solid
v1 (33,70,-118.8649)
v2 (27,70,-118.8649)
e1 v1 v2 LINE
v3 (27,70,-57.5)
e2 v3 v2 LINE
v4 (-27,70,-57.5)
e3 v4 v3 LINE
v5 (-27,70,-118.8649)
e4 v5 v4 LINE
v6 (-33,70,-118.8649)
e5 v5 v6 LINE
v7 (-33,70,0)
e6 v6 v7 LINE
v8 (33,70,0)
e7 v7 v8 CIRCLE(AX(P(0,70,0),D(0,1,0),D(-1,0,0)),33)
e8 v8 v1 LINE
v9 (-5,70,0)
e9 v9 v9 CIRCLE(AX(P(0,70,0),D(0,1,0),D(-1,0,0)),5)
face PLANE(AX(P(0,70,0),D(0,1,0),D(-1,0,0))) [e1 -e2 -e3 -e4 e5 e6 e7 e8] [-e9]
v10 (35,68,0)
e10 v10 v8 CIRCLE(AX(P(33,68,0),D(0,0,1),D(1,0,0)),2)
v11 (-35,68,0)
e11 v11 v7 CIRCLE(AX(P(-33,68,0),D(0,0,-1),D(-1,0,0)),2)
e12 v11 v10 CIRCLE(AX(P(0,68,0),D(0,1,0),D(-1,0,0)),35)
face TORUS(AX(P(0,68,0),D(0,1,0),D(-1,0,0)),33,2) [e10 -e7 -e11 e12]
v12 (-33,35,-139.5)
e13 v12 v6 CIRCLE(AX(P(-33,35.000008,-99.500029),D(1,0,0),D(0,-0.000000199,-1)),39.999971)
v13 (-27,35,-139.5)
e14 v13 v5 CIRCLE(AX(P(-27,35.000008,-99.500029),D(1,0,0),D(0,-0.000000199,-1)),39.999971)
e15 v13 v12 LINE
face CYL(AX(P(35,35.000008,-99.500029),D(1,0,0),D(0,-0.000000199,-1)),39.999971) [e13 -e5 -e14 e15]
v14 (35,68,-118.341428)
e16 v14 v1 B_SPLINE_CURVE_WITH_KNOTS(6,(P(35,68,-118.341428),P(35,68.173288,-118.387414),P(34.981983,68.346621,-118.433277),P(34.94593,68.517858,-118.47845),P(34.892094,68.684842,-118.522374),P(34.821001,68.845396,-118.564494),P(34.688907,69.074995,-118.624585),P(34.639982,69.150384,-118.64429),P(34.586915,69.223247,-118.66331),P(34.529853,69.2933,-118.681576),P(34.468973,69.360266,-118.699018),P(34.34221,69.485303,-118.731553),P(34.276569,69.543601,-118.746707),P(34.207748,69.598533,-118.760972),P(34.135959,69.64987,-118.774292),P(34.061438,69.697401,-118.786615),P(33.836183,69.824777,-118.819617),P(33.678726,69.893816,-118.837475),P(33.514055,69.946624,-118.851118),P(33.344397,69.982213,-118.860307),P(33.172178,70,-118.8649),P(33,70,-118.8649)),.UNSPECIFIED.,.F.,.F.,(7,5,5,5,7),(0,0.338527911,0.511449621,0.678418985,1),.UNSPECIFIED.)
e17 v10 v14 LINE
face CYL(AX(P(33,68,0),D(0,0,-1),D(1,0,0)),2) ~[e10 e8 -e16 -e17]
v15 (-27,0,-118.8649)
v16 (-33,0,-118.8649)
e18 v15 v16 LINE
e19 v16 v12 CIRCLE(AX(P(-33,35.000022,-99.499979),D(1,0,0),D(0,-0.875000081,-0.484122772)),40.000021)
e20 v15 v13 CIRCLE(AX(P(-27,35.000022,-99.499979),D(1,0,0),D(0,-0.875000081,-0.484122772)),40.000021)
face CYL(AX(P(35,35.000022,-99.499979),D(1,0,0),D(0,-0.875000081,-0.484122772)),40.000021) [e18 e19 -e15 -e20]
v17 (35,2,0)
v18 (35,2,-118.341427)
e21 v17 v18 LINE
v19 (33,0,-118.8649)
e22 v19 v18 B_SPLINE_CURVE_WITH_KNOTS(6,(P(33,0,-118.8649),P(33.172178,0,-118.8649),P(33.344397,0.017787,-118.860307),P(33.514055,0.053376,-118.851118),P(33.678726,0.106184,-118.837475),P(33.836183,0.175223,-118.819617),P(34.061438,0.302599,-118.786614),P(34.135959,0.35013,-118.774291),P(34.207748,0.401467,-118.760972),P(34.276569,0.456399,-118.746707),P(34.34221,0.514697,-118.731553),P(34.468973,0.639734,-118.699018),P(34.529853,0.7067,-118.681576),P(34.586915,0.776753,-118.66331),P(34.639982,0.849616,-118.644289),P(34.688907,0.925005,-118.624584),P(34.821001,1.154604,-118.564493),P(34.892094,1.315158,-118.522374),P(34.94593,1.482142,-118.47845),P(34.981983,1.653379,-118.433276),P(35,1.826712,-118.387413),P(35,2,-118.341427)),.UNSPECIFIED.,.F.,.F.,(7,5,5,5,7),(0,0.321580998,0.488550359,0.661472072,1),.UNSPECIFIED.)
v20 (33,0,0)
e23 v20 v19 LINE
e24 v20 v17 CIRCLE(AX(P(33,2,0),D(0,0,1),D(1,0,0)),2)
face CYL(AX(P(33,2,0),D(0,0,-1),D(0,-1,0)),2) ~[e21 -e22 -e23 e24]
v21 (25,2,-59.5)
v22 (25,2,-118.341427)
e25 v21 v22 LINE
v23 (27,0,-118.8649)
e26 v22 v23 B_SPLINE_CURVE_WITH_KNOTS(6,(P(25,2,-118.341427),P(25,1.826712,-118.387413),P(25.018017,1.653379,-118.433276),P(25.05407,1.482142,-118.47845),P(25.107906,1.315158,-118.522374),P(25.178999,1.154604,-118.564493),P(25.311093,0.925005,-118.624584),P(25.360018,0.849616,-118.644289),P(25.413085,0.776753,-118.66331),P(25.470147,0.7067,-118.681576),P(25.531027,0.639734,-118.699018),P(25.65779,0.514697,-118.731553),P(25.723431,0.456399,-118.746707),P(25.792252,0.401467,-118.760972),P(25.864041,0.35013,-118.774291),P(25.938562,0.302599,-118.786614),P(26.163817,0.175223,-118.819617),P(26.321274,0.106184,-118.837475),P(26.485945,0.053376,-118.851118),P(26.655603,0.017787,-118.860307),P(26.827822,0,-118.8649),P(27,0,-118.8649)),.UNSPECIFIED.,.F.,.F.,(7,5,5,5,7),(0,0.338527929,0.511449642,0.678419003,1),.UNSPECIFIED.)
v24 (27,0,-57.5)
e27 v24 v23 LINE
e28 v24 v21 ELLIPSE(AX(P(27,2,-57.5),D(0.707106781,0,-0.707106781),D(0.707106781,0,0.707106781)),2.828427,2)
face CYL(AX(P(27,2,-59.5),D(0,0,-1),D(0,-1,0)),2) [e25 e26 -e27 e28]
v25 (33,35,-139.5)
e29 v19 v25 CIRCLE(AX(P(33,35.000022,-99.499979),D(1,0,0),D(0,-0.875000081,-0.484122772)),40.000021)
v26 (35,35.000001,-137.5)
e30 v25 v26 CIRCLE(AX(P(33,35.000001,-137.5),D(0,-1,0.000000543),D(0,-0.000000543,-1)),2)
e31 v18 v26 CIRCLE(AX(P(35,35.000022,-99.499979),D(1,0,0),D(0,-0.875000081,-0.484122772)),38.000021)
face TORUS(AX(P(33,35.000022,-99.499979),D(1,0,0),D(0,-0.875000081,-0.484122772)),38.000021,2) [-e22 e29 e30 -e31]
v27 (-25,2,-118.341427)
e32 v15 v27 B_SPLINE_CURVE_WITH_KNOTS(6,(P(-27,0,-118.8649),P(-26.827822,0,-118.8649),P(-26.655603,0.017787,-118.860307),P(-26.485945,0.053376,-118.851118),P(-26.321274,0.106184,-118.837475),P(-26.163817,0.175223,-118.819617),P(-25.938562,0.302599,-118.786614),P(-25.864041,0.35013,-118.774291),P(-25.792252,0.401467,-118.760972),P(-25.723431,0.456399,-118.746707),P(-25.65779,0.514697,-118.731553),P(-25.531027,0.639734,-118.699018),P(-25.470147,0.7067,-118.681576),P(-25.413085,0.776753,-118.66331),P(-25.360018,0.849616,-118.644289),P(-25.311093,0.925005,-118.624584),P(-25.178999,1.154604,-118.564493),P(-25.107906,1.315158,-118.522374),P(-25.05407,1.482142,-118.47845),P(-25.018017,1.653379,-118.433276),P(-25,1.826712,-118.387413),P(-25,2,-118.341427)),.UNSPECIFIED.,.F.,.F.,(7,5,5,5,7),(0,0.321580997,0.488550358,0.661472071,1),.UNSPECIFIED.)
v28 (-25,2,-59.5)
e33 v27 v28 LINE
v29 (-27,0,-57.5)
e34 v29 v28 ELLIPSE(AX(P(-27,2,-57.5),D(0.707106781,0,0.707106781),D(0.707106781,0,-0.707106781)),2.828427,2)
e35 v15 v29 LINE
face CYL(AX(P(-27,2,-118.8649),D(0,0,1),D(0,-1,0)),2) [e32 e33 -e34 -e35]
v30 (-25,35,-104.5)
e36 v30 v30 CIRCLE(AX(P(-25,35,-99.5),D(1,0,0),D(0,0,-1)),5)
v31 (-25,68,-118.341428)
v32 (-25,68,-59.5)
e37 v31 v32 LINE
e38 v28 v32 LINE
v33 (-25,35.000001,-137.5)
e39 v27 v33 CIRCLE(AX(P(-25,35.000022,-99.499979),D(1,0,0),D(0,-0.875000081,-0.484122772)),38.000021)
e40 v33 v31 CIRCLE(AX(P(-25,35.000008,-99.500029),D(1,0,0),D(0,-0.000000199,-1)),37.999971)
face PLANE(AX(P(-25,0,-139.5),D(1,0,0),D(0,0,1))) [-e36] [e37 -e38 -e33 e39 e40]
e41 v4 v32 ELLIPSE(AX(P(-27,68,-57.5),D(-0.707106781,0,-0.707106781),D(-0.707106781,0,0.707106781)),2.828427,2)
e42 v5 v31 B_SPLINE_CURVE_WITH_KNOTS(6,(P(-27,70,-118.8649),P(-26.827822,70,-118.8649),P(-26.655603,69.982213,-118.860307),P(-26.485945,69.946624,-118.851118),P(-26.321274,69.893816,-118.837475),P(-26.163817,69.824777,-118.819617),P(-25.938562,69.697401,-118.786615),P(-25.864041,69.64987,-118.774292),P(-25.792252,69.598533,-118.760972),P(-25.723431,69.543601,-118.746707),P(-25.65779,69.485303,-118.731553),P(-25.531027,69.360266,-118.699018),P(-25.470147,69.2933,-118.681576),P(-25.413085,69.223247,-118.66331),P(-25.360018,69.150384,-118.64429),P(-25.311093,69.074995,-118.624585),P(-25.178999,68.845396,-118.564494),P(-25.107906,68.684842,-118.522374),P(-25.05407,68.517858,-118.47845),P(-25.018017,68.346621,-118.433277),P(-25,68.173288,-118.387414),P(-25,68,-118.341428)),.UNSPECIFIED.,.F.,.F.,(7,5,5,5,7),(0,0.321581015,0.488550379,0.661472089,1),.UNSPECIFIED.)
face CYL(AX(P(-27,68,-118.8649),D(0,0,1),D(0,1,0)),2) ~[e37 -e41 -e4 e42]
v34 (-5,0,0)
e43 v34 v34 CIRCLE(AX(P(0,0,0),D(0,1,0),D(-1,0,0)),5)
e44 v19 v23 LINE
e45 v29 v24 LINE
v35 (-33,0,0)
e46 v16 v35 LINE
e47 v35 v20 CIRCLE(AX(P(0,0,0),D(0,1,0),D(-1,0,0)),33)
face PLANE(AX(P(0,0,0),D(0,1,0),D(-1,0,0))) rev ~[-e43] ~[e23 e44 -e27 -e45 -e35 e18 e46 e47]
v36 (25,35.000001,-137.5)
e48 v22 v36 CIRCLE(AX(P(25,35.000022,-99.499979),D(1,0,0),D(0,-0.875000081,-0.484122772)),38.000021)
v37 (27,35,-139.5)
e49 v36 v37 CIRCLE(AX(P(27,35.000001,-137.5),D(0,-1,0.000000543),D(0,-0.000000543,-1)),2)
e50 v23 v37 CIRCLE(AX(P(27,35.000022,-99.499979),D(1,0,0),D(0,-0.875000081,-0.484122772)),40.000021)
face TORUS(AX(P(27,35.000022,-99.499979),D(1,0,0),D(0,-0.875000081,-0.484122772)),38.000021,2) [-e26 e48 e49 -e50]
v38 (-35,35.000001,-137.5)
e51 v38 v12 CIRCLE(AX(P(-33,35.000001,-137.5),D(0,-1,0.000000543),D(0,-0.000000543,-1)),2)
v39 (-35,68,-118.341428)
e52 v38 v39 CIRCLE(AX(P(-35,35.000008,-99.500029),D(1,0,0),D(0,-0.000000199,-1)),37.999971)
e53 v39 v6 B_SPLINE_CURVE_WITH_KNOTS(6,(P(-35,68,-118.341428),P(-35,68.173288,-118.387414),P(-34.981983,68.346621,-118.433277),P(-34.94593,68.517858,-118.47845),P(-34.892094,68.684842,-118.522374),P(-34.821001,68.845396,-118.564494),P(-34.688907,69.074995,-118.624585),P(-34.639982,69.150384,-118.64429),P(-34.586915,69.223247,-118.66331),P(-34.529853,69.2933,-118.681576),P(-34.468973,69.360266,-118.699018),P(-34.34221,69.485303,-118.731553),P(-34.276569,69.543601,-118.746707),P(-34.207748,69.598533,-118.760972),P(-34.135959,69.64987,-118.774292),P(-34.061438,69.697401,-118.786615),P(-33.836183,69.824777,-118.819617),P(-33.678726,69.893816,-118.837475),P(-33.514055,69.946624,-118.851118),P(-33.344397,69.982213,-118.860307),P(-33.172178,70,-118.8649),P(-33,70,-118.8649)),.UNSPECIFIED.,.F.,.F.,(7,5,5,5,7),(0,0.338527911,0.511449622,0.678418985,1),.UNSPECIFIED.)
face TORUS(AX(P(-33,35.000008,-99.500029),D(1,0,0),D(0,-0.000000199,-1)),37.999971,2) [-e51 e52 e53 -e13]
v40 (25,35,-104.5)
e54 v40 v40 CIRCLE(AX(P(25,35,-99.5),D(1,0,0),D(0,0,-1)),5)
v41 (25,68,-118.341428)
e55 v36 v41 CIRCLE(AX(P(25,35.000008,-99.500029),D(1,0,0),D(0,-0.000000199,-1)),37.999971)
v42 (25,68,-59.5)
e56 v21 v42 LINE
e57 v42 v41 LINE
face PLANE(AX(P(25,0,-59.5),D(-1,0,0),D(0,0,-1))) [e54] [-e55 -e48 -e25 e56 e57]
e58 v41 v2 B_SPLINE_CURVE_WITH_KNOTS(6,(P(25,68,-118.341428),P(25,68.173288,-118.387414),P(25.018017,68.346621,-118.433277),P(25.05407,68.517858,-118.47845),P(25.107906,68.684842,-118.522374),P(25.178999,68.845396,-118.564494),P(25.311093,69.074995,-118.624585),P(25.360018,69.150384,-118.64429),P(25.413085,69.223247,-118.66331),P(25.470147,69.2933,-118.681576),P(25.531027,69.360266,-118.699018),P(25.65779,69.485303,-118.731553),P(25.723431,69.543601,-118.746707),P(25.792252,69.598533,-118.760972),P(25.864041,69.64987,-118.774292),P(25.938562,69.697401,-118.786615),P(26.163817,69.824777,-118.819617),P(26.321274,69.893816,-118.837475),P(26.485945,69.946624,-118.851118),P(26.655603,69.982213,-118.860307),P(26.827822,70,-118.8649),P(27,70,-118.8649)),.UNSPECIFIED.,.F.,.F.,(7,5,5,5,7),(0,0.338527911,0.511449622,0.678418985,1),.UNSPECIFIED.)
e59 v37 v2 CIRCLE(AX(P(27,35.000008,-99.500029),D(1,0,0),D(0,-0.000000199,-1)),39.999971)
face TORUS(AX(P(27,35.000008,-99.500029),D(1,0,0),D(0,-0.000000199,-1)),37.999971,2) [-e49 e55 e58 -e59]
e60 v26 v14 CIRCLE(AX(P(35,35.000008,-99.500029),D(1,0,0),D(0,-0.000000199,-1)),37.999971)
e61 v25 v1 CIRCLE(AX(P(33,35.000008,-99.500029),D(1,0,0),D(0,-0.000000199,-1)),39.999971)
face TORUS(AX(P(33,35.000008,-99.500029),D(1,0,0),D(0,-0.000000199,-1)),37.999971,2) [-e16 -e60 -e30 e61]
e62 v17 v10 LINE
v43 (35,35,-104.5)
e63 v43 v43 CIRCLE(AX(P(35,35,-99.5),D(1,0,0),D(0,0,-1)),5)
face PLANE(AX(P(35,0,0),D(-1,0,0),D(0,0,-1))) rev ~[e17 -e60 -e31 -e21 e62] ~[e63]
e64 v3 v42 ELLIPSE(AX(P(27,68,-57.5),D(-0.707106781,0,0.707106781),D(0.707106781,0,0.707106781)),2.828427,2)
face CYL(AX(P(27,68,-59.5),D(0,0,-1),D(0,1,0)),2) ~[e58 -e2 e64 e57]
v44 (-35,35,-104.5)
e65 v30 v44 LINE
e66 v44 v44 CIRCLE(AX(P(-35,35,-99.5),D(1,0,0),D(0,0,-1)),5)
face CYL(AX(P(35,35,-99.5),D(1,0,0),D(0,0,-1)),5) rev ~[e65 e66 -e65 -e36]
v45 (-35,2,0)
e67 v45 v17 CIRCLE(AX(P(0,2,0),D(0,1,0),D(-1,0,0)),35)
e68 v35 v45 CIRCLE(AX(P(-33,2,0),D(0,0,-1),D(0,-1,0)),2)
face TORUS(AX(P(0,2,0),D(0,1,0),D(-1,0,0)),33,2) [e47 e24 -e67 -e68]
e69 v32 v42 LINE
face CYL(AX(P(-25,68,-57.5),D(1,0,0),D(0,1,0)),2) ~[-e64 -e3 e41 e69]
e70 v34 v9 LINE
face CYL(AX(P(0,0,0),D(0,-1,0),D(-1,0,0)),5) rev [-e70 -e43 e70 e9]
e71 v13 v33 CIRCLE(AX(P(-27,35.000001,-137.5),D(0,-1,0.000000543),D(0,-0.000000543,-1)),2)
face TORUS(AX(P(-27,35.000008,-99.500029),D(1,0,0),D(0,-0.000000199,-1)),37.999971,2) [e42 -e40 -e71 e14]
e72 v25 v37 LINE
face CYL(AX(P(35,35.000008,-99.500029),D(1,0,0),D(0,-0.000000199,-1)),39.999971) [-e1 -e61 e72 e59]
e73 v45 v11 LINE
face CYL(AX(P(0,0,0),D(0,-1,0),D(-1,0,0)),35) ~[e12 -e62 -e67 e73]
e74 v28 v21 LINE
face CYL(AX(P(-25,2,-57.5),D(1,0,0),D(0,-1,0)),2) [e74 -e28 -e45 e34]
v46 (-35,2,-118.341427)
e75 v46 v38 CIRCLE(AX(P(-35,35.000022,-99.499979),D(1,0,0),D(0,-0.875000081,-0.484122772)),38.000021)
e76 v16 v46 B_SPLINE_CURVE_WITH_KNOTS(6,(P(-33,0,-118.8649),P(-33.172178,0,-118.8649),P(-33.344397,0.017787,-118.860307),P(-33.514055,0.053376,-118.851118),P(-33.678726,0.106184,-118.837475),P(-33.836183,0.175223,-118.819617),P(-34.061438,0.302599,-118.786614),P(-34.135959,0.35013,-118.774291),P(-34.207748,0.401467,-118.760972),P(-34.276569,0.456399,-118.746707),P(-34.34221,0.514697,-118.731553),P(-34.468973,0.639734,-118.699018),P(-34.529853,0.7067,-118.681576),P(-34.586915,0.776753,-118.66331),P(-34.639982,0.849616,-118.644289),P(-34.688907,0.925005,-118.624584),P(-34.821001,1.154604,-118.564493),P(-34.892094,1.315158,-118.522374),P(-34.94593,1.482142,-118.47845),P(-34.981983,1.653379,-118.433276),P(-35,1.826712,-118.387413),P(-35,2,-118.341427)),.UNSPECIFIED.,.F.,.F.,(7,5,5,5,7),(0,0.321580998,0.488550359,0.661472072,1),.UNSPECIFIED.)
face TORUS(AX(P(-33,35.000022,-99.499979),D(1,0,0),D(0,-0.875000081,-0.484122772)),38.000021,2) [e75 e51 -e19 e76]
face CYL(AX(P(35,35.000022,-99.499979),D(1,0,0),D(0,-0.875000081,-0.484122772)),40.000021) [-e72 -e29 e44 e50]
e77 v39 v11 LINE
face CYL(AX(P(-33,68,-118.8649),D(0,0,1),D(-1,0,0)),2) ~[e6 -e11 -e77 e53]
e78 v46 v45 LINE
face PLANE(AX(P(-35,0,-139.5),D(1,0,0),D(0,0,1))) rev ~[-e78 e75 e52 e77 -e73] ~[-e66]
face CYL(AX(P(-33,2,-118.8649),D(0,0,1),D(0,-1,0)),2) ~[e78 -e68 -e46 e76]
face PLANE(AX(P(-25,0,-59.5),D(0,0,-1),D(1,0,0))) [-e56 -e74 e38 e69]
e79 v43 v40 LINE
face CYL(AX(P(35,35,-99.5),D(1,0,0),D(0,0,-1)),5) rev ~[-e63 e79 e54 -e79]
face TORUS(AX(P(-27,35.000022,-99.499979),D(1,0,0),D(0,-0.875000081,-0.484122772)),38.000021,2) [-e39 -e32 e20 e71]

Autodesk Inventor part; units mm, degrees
ref_plane "YZ Plane" through (0, 0, 0) normal (1, 0, 0) x (0, 1, 0)
ref_plane "XZ Plane" through (0, 0, 0) normal (0, 1, 0) x (-1, 0, 0)
ref_plane "XY Plane" through (0, 0, 0) normal (0, 0, 1) x (1, 0, 0)
sketch "Sketch1" plane through (0, 0, 0) normal (0, 1, 0) x (-1, 0, 0)
  arc A0 (35, 0) -> (-35, 0) centre (0, 0) ccw
  line L0 (35, 0) -> (-35, 0) construction
  line L1 (-35, 0) -> (-35, -139.5)
  line L2 (-35, -139.5) -> (35, -139.5)
  line L3 (35, -139.5) -> (35, 0)
  arc A1 (-35, 0) -> (35, 0) centre (0, 0) ccw construction
  line L4 (-25, -139.5) -> (25, -139.5)
  line L5 (25, -139.5) -> (25, -59.5)
  line L6 (25, -59.5) -> (-25, -59.5)
  line L7 (-25, -59.5) -> (-25, -139.5)
  circle A2 centre (0, 0) radius 5
  point P0 (25, -139.5)
  dimension "d0" = 70
  dimension "d1" = 139.5
  dimension "d2" = 10
  dimension "d3" = 10
  dimension "d4" = 80
  dimension "d11" = 10
extrude "Extrusion1" add sketch "Sketch1" along normal blind 70 contours L3 L2 L5 L6 L7 L1 A0
sketch "Sketch2" plane through (35, 0, 0) normal (1, 0, 0) x (0, 0, -1)
  line L0 (0, 0) -> (139.5, 0) projected
  line L1 (139.5, 0) -> (139.5, 70) projected
  line L2 (0, 70) -> (139.5, 70) projected
  line L3 (0, 0) -> (0, 70) projected
  arc A0 (118.8649, 70) -> (118.8649, 0) centre (99.5, 35) ccw
  line L4 (99.5, 35) -> (139.5, 35)
  arc A1 (139.5, 35) -> (118.8649, 70) centre (99.5, 35) ccw
  arc A2 (118.8649, 0) -> (139.5, 35) centre (99.5, 35) ccw
  circle A3 centre (99.5, 35) radius 5
  point P0 (0, 0)
  dimension "d7" = 80
  dimension "d8" = 10
extrude "Extrusion2" cut sketch "Sketch2" against normal through all contours A2 L1 L0 | A3 | A1 L2 L1
fillet "Fillet1" radius 2 16 edges at (0, 70, 35) (-35, 70, -59.4325) (35, 70, -59.4325) (0, 0, 35) (-35, 0, -59.4325) (35, 0, -59.4325) (-25, 35, -139.5) (35, 35, -139.5) (25, 35, -139.5) (-35, 35, -139.5) (-25, 70, -89.1825) (0, 70, -59.5) (0, 0, -59.5) (25, 0, -89.1825) (25, 70, -89.1825) (-25, 0, -89.1825)
properties part number "Wirst1"
